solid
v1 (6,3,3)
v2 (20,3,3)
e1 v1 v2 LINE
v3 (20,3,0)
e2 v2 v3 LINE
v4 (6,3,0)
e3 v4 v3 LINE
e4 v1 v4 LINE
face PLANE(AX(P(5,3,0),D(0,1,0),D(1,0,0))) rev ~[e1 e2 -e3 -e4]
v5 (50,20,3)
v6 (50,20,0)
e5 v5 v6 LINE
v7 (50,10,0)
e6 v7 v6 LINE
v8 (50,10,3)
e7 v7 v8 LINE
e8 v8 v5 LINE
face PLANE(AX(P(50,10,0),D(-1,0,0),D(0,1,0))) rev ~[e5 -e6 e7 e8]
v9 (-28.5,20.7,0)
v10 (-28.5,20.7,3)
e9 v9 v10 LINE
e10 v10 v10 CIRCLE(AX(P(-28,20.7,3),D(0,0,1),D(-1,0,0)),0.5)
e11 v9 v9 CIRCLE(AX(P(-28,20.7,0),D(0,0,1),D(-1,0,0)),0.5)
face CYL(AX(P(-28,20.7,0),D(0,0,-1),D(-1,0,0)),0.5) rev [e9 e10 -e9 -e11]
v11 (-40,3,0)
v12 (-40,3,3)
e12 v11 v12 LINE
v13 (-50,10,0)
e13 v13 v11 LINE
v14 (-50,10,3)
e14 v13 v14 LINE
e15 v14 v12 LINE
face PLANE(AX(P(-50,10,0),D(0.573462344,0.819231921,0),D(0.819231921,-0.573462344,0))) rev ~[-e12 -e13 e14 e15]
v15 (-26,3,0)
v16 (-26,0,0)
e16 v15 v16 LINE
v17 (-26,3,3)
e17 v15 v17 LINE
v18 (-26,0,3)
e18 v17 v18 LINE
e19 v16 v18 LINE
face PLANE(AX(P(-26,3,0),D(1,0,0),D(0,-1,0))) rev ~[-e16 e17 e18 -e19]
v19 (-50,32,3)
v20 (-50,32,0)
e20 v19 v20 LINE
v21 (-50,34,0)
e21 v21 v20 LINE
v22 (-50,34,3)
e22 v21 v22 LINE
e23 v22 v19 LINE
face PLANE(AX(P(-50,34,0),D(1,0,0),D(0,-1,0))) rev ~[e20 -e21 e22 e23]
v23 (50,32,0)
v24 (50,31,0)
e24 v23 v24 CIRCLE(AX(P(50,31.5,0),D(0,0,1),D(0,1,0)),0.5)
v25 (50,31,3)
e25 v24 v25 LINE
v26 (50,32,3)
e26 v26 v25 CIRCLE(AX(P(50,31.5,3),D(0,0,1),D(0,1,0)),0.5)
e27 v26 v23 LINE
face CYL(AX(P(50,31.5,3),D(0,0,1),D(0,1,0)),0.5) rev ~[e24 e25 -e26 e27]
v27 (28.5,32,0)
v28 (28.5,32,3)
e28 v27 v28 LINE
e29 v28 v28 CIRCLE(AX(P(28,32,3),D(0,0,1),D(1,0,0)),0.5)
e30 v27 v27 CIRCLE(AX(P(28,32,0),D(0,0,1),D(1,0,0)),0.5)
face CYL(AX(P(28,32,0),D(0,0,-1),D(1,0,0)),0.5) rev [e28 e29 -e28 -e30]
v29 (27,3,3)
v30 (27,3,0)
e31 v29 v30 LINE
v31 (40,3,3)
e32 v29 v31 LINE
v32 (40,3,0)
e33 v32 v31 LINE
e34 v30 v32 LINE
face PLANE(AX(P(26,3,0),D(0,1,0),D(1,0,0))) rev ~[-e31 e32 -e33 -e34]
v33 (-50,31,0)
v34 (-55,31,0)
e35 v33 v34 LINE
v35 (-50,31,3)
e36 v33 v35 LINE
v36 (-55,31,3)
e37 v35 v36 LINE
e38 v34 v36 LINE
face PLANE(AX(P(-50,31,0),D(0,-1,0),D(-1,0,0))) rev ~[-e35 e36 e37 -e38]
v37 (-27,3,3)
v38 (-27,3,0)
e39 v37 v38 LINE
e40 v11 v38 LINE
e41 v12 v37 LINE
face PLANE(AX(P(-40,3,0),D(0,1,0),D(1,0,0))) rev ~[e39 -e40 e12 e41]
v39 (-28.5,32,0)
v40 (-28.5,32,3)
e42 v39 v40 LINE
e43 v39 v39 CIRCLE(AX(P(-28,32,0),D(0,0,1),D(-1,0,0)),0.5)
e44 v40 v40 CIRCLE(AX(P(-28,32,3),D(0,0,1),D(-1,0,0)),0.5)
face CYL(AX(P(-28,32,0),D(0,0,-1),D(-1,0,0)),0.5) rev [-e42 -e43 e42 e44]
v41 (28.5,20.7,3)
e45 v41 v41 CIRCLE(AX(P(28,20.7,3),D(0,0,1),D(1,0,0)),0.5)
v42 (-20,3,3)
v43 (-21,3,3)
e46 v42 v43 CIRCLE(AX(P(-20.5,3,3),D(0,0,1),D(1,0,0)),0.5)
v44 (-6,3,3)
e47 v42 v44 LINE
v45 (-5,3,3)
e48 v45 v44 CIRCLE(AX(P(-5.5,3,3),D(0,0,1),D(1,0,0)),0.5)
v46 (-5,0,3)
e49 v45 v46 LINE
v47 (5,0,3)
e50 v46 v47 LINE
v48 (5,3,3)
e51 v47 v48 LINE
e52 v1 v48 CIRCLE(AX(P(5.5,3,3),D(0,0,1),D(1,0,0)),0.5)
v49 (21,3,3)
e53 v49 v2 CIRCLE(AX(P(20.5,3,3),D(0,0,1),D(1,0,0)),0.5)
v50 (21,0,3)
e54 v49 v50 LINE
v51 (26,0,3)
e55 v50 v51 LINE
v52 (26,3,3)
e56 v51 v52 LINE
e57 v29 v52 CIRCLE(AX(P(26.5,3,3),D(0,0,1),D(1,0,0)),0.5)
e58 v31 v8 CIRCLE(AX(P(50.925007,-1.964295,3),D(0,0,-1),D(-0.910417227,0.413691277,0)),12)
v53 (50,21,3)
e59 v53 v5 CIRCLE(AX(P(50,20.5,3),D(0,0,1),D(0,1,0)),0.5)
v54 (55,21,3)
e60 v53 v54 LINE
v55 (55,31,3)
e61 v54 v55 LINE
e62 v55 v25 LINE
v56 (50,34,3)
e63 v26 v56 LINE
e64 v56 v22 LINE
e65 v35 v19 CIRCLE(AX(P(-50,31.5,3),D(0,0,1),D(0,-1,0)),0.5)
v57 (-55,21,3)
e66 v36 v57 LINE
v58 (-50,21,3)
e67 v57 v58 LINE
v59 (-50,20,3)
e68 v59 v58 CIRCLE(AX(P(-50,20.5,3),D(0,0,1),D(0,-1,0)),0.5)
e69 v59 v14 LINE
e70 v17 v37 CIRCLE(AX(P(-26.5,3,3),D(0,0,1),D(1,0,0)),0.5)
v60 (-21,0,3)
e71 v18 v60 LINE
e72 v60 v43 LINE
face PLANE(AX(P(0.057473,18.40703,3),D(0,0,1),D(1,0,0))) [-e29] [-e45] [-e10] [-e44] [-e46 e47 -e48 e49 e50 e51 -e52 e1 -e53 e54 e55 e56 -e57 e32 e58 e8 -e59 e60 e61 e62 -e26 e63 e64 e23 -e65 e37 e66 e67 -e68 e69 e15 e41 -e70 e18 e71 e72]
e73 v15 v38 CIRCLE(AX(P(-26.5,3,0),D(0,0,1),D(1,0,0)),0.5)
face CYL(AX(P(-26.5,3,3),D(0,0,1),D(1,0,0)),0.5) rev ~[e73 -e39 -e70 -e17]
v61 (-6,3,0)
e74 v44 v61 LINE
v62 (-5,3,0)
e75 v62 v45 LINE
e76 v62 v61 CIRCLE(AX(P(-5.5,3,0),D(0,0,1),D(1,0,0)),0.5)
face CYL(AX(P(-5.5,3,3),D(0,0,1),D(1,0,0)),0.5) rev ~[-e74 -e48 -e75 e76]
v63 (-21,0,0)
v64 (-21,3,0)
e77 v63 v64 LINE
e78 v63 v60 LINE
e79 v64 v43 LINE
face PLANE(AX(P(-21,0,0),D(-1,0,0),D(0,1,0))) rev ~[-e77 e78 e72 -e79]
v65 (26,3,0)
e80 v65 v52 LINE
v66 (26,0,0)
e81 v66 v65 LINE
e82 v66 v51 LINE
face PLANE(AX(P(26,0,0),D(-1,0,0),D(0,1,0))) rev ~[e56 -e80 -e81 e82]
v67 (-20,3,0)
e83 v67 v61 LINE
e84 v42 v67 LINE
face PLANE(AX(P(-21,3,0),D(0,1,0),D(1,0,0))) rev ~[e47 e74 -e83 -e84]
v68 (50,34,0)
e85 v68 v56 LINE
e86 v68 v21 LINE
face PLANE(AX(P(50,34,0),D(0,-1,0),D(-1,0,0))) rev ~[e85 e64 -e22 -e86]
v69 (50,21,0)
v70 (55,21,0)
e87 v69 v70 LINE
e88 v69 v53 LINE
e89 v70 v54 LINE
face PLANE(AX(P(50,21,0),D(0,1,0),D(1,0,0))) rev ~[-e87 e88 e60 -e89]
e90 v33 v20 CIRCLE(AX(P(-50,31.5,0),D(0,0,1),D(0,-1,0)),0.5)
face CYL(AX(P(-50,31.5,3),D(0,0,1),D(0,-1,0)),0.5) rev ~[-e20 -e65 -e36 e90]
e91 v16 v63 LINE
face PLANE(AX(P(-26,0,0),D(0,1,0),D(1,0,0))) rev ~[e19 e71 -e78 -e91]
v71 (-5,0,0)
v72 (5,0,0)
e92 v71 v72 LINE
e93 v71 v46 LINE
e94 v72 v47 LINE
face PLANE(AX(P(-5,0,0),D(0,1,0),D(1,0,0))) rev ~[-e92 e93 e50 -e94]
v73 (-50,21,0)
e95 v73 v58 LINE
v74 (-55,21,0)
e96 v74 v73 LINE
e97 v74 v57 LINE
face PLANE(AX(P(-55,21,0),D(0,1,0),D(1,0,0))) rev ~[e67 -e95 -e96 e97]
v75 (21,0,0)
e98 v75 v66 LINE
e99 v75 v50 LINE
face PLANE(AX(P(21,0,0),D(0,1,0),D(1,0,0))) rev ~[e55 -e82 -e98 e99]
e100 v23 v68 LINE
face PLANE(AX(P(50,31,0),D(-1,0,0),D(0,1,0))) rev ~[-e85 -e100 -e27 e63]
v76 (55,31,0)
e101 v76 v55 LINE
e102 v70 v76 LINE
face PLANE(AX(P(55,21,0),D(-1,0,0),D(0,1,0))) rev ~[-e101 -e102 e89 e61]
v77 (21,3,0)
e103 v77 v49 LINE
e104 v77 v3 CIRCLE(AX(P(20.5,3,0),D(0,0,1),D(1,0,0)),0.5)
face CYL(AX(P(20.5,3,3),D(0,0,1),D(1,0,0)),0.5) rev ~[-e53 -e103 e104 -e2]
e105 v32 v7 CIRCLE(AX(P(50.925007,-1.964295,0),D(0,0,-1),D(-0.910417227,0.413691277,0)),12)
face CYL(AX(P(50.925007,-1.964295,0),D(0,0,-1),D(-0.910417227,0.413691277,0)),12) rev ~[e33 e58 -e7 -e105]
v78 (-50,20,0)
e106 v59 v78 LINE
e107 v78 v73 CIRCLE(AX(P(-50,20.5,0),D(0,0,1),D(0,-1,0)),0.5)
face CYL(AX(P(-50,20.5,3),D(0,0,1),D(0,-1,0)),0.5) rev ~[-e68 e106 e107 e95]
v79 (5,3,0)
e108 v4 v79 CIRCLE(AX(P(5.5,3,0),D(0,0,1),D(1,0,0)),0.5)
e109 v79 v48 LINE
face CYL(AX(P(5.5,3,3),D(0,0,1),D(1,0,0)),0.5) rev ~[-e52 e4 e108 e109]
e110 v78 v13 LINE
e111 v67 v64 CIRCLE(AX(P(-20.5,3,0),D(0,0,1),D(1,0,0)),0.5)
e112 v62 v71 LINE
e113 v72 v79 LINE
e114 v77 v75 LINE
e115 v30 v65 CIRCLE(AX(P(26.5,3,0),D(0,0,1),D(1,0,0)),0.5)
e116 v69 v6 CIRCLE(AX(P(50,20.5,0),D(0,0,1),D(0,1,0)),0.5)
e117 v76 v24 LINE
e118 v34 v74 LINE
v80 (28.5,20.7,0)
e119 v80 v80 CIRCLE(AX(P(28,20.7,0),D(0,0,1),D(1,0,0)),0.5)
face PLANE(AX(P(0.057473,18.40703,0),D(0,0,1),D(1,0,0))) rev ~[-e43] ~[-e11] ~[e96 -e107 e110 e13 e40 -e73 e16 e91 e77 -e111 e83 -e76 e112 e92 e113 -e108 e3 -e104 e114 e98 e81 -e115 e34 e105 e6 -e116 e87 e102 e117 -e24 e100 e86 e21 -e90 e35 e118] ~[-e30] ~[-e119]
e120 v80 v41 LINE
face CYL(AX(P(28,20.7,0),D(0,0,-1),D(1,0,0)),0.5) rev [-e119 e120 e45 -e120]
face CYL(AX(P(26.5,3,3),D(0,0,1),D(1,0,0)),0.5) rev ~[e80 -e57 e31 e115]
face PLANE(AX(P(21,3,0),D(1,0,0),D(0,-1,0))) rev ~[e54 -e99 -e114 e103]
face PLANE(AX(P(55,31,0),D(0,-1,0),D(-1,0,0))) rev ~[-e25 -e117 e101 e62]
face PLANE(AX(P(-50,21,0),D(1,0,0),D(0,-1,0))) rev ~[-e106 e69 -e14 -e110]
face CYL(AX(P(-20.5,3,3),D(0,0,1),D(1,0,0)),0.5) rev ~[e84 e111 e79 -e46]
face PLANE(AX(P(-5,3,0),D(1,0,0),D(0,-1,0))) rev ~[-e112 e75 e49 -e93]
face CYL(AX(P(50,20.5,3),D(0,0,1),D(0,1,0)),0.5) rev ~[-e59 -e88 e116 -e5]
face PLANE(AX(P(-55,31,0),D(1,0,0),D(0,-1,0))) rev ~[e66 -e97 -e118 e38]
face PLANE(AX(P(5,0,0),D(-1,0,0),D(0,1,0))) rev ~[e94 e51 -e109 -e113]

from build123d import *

# Parameters (mm, degrees)
SKETCH1_R           = 0.5
BOSS_EXTRUDE1_DEPTH = 3
CUT_EXTRUDE2_DEPTH  = 65.730209331


with BuildPart() as part:
    # Sketch1 → Boss-Extrude1 (new body)
    with BuildSketch(Plane.XY):
        with BuildLine():
            Line((-5, 0), (5, 0))
            Line((5, 0), (5, 3))
            Line((5, 3), (21, 3))
            Line((21, 3), (21, 0))
            Line((21, 0), (26, 0))
            Line((26, 0), (26, 3))
            Line((26, 3), (40, 3))
            ThreePointArc((40, 3), (44.043458593, 7.866487724), (50, 10))
            Line((50, 10), (50, 21))
            Line((50, 21), (55, 21))
            Line((55, 21), (55, 31))
            Line((55, 31), (50, 31))
            Line((50, 31), (50, 34))
            Line((50, 34), (0, 34))
            Line((0, 34), (-50, 34))
            Line((-50, 34), (-50, 31))
            Line((-50, 31), (-55, 31))
            Line((-55, 31), (-55, 21))
            Line((-55, 21), (-50, 21))
            Line((-50, 21), (-50, 10))
            Line((-50, 10), (-40, 3))
            Line((-40, 3), (-26, 3))
            Line((-26, 3), (-26, 0))
            Line((-26, 0), (-21, 0))
            Line((-21, 0), (-21, 3))
            Line((-21, 3), (-5, 3))
            Line((-5, 3), (-5, 0))
        make_face()
        with Locations((28, 32)):
            Circle(SKETCH1_R, mode=Mode.SUBTRACT)
        with Locations((28, 20.7)):
            Circle(SKETCH1_R, mode=Mode.SUBTRACT)
        with Locations(Location((-28, 20.7, 0), (0, 0, 180))):
            Circle(SKETCH1_R, mode=Mode.SUBTRACT)
        with Locations(Location((-28, 32, 0), (0, 0, 180))):
            Circle(SKETCH1_R, mode=Mode.SUBTRACT)
    extrude(amount=BOSS_EXTRUDE1_DEPTH)

    # Sketch3 → Cut-Extrude2 (cut, through all)
    with BuildSketch(Plane.XY.offset(3)):
        with BuildLine():
            Line((-50, 32), (-50, 31))
            ThreePointArc((-50, 31), (-49.5, 31.5), (-50, 32))
        make_face()
        with BuildLine():
            ThreePointArc((-50, 20), (-49.5, 20.5), (-50, 21))
            Line((-50, 21), (-50, 20))
        make_face()
        with BuildLine():
            Line((-27, 3), (-26, 3))
            ThreePointArc((-26, 3), (-26.5, 3.5), (-27, 3))
        make_face()
        with BuildLine():
            ThreePointArc((-20, 3), (-20.5, 3.5), (-21, 3))
            Line((-21, 3), (-20, 3))
        make_face()
        with BuildLine():
            ThreePointArc((-5, 3), (-5.5, 3.5), (-6, 3))
            Line((-6, 3), (-5, 3))
        make_face()
        with BuildLine():
            ThreePointArc((6, 3), (5.5, 3.5), (5, 3))
            Line((5, 3), (6, 3))
        make_face()
        with BuildLine():
            ThreePointArc((21, 3), (20.5, 3.5), (20, 3))
            Line((20, 3), (21, 3))
        make_face()
        with BuildLine():
            ThreePointArc((27, 3), (26.5, 3.5), (26, 3))
            Line((26, 3), (27, 3))
        make_face()
        with BuildLine():
            Line((50, 20), (50, 21))
            ThreePointArc((50, 21), (49.5, 20.5), (50, 20))
        make_face()
        with BuildLine():
            ThreePointArc((50, 32), (49.5, 31.5), (50, 31))
            Line((50, 31), (50, 32))
        make_face()
    extrude(amount=-CUT_EXTRUDE2_DEPTH, mode=Mode.SUBTRACT)


solid = part.part
